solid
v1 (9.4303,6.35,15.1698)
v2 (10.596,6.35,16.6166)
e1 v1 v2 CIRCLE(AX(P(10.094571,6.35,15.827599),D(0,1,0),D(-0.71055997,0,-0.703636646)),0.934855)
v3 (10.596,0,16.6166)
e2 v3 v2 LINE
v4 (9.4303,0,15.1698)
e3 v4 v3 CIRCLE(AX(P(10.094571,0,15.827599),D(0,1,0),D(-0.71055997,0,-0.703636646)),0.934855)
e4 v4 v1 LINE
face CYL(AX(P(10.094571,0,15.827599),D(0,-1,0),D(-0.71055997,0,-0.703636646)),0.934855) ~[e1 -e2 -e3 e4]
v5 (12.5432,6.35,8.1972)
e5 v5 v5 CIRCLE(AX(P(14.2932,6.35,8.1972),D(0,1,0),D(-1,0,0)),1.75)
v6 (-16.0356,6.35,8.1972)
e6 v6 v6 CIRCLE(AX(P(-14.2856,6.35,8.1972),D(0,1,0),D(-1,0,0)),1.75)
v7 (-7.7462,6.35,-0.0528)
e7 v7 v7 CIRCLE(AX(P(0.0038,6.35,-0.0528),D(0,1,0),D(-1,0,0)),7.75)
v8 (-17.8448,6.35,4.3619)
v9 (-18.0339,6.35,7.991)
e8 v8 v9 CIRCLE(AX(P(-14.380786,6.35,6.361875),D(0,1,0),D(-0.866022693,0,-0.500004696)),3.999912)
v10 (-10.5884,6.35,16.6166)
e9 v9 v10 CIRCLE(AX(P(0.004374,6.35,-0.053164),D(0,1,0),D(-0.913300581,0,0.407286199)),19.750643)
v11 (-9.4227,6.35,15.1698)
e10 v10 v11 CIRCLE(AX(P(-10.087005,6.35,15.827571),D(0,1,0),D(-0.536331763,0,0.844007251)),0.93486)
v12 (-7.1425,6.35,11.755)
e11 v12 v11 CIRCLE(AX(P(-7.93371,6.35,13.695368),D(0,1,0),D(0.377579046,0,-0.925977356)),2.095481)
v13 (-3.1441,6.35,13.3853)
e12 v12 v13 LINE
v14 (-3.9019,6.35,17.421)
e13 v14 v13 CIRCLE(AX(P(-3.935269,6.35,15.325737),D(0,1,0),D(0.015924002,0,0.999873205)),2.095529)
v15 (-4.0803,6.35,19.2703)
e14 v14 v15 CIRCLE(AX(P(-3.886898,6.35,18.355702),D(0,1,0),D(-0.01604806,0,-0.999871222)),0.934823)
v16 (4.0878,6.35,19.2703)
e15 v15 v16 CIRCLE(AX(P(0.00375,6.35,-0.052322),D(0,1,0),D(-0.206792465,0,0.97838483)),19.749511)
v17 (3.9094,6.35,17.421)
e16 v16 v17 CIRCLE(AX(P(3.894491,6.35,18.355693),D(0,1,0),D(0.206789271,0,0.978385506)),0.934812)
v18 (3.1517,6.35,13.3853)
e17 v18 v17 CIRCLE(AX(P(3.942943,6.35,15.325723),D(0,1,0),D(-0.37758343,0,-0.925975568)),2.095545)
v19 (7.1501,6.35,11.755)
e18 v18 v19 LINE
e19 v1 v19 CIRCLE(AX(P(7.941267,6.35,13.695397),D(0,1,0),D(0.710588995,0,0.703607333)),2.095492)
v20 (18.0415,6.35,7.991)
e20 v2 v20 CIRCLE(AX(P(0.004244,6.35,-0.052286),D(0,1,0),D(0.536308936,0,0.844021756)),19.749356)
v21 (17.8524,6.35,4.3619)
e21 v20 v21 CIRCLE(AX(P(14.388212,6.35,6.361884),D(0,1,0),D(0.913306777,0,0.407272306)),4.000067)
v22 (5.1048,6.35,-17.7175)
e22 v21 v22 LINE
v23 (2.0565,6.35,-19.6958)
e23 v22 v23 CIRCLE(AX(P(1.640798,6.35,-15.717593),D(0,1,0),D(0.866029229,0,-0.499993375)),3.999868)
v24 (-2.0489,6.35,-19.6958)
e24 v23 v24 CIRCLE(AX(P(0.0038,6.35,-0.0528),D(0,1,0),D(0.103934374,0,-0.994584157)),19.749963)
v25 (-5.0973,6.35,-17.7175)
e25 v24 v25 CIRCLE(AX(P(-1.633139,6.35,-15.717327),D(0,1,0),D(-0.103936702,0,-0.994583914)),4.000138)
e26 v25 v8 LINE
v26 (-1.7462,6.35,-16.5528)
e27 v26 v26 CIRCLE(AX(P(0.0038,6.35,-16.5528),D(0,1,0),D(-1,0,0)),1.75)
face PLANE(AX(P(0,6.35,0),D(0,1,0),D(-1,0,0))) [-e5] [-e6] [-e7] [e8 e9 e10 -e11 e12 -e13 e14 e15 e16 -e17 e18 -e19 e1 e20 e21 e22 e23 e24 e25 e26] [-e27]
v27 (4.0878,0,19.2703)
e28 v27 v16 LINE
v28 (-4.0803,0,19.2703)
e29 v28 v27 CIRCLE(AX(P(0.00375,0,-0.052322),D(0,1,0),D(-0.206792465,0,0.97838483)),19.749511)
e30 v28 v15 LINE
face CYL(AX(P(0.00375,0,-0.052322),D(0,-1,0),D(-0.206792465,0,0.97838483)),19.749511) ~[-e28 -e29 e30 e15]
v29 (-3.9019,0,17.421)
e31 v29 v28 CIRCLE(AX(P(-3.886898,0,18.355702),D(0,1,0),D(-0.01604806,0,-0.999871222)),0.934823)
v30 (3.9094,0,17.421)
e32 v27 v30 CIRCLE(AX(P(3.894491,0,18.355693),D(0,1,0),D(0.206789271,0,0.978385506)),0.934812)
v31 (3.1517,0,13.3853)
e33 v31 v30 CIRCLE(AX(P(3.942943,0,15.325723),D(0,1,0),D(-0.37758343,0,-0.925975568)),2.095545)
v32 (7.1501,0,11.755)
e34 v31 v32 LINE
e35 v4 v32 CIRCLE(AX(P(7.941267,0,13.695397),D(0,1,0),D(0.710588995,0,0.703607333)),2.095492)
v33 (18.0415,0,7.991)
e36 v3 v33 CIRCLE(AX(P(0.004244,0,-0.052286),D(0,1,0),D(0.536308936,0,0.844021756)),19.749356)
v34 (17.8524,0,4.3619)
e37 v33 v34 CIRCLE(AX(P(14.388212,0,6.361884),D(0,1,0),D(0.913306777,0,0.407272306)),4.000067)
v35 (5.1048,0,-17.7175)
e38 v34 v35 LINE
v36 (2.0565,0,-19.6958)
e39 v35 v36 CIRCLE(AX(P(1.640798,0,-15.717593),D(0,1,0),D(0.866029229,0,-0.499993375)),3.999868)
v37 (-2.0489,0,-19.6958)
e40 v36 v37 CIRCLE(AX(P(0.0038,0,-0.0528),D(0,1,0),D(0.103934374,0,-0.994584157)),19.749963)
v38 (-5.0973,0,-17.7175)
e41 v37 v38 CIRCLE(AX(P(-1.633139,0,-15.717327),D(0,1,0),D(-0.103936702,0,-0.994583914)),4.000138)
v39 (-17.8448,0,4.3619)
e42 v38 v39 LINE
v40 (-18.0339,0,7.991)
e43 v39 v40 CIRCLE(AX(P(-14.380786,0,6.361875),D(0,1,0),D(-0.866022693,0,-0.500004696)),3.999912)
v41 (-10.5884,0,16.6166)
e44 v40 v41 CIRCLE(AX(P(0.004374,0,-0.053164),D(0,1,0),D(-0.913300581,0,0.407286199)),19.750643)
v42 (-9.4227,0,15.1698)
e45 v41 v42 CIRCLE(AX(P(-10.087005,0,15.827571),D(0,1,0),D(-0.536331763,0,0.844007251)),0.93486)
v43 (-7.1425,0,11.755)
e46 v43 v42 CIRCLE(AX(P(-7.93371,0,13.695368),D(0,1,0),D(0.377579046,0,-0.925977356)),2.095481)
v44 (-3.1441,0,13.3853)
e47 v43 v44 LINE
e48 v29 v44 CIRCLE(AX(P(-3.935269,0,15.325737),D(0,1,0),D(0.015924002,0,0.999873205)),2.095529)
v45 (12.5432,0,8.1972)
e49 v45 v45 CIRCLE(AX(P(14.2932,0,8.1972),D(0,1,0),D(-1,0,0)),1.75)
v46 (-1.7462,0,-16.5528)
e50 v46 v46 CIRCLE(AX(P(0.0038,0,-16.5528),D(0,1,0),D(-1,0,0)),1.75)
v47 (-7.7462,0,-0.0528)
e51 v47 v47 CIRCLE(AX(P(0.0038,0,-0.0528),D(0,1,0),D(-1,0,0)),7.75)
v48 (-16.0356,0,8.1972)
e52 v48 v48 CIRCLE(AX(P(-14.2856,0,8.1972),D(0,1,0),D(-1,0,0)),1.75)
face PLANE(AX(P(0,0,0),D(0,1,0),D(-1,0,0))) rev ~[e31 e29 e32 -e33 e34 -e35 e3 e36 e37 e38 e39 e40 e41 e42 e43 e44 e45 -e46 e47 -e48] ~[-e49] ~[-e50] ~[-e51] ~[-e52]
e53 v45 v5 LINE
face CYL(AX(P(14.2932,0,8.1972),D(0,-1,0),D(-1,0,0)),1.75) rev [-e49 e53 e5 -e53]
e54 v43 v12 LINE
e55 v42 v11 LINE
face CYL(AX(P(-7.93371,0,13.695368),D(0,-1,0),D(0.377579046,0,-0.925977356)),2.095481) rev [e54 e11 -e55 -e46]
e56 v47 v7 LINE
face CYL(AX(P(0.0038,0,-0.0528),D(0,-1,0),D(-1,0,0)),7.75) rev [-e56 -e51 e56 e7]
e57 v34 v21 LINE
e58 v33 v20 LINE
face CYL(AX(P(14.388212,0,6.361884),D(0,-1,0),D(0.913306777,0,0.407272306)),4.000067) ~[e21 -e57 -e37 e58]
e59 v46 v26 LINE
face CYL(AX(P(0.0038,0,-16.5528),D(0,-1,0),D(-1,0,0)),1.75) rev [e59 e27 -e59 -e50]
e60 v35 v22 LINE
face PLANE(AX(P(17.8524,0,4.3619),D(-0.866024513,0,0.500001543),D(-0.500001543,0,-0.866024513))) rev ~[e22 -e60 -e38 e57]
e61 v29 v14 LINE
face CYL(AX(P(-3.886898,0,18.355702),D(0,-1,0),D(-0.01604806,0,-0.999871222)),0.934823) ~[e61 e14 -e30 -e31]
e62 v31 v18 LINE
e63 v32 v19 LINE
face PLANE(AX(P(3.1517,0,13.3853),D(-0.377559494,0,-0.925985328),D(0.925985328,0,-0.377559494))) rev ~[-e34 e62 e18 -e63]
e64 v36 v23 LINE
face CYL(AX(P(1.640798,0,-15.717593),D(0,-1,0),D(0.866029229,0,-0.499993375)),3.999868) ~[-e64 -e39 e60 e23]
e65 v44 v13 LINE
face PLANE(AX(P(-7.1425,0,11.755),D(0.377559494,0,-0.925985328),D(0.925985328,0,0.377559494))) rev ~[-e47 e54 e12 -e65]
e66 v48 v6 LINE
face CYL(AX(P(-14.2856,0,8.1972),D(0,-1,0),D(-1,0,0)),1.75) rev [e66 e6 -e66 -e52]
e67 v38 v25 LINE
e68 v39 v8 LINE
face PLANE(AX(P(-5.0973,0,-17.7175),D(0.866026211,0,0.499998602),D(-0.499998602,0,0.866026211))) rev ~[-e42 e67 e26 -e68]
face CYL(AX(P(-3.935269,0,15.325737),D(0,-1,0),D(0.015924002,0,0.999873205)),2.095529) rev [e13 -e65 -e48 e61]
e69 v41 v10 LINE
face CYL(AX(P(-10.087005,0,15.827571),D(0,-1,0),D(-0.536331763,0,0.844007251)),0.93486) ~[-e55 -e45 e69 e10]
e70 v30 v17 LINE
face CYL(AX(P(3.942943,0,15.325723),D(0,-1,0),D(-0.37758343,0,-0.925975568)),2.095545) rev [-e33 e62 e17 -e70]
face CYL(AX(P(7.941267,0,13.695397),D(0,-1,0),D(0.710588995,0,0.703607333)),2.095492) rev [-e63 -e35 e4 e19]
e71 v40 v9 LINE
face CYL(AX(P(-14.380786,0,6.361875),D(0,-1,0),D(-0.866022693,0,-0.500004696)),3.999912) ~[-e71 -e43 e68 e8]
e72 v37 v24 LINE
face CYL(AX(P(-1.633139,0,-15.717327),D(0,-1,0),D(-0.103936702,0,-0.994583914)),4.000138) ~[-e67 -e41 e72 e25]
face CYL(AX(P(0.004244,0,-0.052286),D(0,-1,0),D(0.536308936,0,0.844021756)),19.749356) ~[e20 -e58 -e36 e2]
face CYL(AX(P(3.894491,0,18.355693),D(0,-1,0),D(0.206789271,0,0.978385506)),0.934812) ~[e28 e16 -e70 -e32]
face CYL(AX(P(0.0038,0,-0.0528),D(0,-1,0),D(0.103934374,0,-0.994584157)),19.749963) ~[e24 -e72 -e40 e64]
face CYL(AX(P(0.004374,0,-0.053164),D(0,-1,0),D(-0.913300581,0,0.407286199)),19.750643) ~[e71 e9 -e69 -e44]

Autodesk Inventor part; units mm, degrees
ref_plane "YZ Plane" through (0, 0, 0) normal (1, 0, 0) x (0, 1, 0)
ref_plane "XZ Plane" through (0, 0, 0) normal (0, 1, 0) x (-1, 0, 0)
ref_plane "XY Plane" through (0, 0, 0) normal (0, 0, 1) x (1, 0, 0)
sketch "Sketch1" plane through (0, 0, 0) normal (0, 1, 0) x (-1, 0, 0)
  circle A0 centre (-0.0038, -16.5528) radius 1.75
  circle A1 centre (-0.0038, -0.0528) radius 7.75
  circle A2 centre (-14.2932, 8.1972) radius 1.75
  circle A3 centre (14.2856, 8.1972) radius 1.75
  arc A4 (3.9019, 17.421) -> (3.1441, 13.3853) centre (3.9353, 15.3257) ccw
  arc A5 (3.9019, 17.421) -> (4.0803, 19.2703) centre (3.8869, 18.3557) ccw
  arc A6 (4.0803, 19.2703) -> (-4.0878, 19.2703) centre (-0.0038, -0.0528) ccw
  arc A7 (-4.0878, 19.2703) -> (-3.9094, 17.421) centre (-3.8945, 18.3557) ccw
  arc A8 (-3.1517, 13.3853) -> (-3.9094, 17.421) centre (-3.9429, 15.3257) ccw
  line L0 (-3.1517, 13.3853) -> (-7.1501, 11.755)
  arc A9 (-9.4303, 15.1698) -> (-7.1501, 11.755) centre (-7.9413, 13.6954) ccw
  arc A10 (-9.4303, 15.1698) -> (-10.596, 16.6166) centre (-10.0946, 15.8276) ccw
  arc A11 (-10.596, 16.6166) -> (-18.0415, 7.991) centre (-0.0038, -0.0528) ccw
  arc A12 (-18.0415, 7.991) -> (-17.8524, 4.3619) centre (-14.3883, 6.3619) ccw
  line L1 (-17.8524, 4.3619) -> (-5.1048, -17.7175)
  arc A13 (-5.1048, -17.7175) -> (-2.0565, -19.6958) centre (-1.6407, -15.7175) ccw
  arc A14 (-2.0565, -19.6958) -> (2.0489, -19.6958) centre (-0.0038, -0.0528) ccw
  arc A15 (2.0489, -19.6958) -> (5.0973, -17.7175) centre (1.6332, -15.7175) ccw
  line L2 (5.0973, -17.7175) -> (17.8448, 4.3619)
  arc A16 (17.8448, 4.3619) -> (18.0339, 7.991) centre (14.3807, 6.3619) ccw
  arc A17 (18.0339, 7.991) -> (10.5884, 16.6166) centre (-0.0038, -0.0528) ccw
  arc A18 (10.5884, 16.6166) -> (9.4227, 15.1698) centre (10.087, 15.8276) ccw
  arc A19 (7.1425, 11.755) -> (9.4227, 15.1698) centre (7.9337, 13.6954) ccw
  line L3 (7.1425, 11.755) -> (3.1441, 13.3853)
extrude "Extrusion1" add sketch "Sketch1" along normal blind 6.35
properties part number "LowerPlate"
